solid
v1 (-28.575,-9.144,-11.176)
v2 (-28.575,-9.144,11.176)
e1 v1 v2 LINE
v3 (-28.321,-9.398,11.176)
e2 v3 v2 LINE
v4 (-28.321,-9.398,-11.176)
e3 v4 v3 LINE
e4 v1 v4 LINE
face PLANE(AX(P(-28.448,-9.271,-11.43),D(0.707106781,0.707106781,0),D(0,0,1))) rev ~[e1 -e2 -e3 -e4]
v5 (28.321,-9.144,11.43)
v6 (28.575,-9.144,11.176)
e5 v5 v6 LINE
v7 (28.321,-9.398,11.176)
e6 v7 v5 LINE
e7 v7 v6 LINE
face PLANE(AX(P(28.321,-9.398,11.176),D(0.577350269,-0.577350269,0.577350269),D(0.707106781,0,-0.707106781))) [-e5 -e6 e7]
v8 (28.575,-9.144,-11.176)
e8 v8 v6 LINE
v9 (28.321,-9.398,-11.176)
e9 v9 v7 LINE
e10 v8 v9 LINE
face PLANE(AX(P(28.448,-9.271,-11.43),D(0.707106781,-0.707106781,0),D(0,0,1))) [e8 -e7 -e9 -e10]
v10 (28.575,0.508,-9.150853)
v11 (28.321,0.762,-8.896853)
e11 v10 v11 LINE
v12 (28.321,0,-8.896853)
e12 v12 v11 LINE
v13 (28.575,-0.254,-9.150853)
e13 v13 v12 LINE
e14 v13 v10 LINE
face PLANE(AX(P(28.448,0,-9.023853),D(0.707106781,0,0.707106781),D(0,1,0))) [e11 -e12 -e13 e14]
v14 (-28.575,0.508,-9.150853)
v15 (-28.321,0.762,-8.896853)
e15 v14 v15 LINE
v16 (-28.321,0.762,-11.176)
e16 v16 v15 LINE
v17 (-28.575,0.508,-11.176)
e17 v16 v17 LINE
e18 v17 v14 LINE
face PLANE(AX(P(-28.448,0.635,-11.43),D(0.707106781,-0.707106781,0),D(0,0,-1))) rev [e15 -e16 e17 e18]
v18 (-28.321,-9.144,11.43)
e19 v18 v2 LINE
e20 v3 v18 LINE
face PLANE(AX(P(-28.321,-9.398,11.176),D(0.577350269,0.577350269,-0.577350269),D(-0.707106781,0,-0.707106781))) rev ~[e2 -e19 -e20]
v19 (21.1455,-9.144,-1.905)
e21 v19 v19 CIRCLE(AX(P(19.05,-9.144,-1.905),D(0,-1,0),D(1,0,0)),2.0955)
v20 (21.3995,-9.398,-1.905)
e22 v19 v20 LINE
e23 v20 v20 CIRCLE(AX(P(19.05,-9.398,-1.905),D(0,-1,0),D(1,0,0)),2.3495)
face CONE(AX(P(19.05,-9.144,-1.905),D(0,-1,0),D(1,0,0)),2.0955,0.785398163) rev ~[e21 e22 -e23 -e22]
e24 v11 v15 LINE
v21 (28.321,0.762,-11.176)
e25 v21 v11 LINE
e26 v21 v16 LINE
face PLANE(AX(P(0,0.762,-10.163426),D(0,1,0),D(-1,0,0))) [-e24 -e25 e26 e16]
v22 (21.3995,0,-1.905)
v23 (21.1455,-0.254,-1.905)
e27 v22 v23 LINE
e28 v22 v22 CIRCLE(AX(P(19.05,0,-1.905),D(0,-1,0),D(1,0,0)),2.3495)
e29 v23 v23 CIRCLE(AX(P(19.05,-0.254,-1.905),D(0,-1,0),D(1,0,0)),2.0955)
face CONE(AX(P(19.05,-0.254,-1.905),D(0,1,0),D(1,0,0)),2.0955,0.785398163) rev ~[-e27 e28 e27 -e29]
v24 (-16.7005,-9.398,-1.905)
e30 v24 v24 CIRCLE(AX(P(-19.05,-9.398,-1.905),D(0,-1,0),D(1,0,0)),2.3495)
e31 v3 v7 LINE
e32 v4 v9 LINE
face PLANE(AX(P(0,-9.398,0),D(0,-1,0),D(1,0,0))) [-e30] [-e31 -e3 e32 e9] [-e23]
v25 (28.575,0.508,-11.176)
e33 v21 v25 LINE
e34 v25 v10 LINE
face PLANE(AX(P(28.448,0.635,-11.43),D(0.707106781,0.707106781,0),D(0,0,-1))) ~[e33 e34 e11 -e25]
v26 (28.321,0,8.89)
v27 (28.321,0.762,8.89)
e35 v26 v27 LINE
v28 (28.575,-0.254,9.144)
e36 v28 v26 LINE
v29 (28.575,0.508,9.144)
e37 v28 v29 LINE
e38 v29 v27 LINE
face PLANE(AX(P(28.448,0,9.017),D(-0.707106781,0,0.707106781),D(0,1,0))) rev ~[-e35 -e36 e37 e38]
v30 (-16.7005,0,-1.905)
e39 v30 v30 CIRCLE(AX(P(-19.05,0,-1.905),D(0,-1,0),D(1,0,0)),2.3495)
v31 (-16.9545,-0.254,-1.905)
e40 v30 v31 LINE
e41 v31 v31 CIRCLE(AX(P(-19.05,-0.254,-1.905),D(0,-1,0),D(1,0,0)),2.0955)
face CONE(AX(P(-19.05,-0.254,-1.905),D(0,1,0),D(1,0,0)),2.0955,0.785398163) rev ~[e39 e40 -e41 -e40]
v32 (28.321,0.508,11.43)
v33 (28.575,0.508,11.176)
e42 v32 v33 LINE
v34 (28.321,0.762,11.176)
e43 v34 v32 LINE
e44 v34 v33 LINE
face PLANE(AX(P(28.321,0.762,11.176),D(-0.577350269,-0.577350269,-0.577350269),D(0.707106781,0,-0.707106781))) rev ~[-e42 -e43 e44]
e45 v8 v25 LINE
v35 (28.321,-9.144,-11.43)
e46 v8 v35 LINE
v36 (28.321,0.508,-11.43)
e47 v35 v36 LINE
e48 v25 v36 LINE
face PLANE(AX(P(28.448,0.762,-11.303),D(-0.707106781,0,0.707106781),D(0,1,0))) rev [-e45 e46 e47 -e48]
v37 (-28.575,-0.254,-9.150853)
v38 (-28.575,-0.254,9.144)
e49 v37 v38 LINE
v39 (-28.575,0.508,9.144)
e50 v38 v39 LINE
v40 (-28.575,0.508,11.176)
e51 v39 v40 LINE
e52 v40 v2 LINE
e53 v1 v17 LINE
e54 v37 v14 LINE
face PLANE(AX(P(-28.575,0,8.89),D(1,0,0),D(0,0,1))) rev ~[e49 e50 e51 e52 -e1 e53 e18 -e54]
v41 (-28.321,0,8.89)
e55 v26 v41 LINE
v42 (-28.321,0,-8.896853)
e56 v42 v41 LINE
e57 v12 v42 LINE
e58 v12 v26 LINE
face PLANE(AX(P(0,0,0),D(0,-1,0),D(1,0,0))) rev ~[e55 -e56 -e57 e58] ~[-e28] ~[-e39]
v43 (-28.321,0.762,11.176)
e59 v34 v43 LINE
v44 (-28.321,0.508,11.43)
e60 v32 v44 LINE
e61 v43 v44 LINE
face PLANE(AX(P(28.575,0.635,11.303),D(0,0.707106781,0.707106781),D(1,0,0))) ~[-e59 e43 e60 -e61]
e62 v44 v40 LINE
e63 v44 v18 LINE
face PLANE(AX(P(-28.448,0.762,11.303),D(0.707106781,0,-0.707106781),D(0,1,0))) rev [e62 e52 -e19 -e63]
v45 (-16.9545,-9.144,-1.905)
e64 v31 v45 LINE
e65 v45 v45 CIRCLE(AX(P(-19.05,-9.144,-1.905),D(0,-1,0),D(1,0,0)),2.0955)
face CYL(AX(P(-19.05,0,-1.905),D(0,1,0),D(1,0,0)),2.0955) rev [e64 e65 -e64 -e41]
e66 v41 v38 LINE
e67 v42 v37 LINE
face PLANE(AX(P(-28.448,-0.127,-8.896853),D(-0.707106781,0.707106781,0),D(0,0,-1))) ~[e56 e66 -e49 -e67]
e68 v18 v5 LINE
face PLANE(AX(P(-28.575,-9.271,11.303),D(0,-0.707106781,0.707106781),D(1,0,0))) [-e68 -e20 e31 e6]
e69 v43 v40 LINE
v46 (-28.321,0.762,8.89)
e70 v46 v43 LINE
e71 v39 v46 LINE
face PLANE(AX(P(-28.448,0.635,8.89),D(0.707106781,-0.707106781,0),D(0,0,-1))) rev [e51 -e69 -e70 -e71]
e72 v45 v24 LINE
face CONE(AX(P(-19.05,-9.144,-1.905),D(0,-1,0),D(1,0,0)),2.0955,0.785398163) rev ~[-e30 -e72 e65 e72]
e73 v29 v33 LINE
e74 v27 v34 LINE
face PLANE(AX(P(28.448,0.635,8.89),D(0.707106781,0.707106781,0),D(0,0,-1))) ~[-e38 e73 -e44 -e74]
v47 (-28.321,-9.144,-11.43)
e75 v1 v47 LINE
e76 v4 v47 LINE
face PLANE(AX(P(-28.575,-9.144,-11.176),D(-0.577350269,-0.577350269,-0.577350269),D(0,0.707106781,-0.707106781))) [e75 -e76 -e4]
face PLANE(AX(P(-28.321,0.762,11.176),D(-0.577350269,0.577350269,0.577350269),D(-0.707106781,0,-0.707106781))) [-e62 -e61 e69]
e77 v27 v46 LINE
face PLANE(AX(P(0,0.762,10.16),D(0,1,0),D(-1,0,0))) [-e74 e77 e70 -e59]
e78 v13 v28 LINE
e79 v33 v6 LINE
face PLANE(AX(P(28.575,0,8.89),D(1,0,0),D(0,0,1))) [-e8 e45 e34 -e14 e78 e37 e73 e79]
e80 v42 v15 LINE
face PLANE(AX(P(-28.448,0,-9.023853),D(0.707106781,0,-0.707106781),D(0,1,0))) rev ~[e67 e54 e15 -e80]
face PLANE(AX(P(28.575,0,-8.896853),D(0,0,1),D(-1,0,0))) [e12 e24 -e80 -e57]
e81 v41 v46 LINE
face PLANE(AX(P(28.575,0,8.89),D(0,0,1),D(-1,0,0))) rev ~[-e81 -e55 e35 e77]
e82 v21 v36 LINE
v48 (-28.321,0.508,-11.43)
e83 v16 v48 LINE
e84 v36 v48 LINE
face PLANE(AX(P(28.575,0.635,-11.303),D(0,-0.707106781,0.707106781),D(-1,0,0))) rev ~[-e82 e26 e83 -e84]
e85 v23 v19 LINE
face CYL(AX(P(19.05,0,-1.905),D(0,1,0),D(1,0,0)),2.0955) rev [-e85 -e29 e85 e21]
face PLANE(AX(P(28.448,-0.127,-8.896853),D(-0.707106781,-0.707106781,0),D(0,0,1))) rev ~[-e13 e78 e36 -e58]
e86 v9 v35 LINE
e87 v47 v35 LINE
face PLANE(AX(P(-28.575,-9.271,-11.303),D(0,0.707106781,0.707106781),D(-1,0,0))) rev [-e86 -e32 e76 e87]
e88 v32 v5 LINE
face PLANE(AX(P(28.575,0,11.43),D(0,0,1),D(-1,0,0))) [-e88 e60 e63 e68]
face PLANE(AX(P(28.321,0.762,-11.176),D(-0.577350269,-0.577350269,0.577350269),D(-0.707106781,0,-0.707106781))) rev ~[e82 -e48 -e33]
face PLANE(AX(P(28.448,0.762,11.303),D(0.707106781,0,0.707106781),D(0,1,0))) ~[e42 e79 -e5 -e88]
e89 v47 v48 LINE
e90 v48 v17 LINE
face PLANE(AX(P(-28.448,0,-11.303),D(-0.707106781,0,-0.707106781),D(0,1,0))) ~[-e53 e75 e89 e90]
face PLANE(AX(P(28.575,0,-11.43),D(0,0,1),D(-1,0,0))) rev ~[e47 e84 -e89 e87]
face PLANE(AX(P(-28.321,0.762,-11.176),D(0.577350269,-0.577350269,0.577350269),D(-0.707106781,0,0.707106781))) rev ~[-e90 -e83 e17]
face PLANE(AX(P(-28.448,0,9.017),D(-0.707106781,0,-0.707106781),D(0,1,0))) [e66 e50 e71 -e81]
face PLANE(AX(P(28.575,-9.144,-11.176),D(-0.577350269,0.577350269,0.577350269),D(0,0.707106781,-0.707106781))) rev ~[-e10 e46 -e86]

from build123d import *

# Parameters (mm, degrees)
F0_W     = 57.15
F0_H     = 22.86
F0_R     = 2.0955
F1_DEPTH = 9.398
F2_W     = 57.15
F2_H     = 2.5331471565
F3_DEPTH = 0.762
F4_W     = 57.15
F4_H     = 2.54
F5_DEPTH = 0.762
F6_SIZE  = 0.254


with BuildPart() as f1:
    # F0 (on Front) → F1 (new body)
    with BuildSketch(Plane.XZ):
        Rectangle(F0_W, F0_H)
        with Locations((-19.05, -1.905)):
            Circle(F0_R, mode=Mode.SUBTRACT)
        with Locations((19.05, -1.905)):
            Circle(F0_R, mode=Mode.SUBTRACT)
    extrude(amount=F1_DEPTH)

    # F2 (on face) → F3 (join)
    with BuildSketch(Plane(origin=(0, 0, 0), x_dir=(-1, 0, 0), z_dir=(0, 1, 0))):
        with Locations((0, -10.1634264217)):
            Rectangle(F2_W, F2_H)
    extrude(amount=F3_DEPTH)

    # F4 (on face) → F5 (join)
    with BuildSketch(Plane(origin=(0, 0, 0), x_dir=(-1, 0, 0), z_dir=(0, 1, 0))):
        with Locations((0, 10.16)):
            Rectangle(F4_W, F4_H)
    extrude(amount=F5_DEPTH)

    # F6
    f6_edges = [f1.edges().sort_by_distance(p)[0] for p in [
        (28.575, 0, -0.003426),
        (-28.575, -4.318, 11.43),
        (28.575, -4.318, 11.43),
        (0, 0.762, 11.43),
        (-21.1455, -9.398, -1.905),
        (16.9545, -9.398, -1.905),
        (0, -9.398, -11.43),
        (0, -9.398, 11.43),
        (28.575, -9.398, 0),
        (-28.575, -9.398, 0),
        (28.575, -4.318, -11.43),
        (-28.575, 0, -0.003426),
        (28.575, 0.762, 10.16),
        (28.575, 0.381, 8.89),
        (-28.575, -4.318, -11.43),
        (16.9545, 0, -1.905),
        (28.575, 0.381, -8.896853),
        (-21.1455, 0, -1.905),
        (28.575, 0.762, -10.163426),
        (0, 0.762, -11.43),
        (-28.575, 0.762, 10.16),
        (-28.575, 0.381, 8.89),
        (-28.575, 0.762, -10.163426),
        (-28.575, 0.381, -8.896853),
    ]]
    chamfer(f6_edges, length=F6_SIZE)


solid = f1.part
